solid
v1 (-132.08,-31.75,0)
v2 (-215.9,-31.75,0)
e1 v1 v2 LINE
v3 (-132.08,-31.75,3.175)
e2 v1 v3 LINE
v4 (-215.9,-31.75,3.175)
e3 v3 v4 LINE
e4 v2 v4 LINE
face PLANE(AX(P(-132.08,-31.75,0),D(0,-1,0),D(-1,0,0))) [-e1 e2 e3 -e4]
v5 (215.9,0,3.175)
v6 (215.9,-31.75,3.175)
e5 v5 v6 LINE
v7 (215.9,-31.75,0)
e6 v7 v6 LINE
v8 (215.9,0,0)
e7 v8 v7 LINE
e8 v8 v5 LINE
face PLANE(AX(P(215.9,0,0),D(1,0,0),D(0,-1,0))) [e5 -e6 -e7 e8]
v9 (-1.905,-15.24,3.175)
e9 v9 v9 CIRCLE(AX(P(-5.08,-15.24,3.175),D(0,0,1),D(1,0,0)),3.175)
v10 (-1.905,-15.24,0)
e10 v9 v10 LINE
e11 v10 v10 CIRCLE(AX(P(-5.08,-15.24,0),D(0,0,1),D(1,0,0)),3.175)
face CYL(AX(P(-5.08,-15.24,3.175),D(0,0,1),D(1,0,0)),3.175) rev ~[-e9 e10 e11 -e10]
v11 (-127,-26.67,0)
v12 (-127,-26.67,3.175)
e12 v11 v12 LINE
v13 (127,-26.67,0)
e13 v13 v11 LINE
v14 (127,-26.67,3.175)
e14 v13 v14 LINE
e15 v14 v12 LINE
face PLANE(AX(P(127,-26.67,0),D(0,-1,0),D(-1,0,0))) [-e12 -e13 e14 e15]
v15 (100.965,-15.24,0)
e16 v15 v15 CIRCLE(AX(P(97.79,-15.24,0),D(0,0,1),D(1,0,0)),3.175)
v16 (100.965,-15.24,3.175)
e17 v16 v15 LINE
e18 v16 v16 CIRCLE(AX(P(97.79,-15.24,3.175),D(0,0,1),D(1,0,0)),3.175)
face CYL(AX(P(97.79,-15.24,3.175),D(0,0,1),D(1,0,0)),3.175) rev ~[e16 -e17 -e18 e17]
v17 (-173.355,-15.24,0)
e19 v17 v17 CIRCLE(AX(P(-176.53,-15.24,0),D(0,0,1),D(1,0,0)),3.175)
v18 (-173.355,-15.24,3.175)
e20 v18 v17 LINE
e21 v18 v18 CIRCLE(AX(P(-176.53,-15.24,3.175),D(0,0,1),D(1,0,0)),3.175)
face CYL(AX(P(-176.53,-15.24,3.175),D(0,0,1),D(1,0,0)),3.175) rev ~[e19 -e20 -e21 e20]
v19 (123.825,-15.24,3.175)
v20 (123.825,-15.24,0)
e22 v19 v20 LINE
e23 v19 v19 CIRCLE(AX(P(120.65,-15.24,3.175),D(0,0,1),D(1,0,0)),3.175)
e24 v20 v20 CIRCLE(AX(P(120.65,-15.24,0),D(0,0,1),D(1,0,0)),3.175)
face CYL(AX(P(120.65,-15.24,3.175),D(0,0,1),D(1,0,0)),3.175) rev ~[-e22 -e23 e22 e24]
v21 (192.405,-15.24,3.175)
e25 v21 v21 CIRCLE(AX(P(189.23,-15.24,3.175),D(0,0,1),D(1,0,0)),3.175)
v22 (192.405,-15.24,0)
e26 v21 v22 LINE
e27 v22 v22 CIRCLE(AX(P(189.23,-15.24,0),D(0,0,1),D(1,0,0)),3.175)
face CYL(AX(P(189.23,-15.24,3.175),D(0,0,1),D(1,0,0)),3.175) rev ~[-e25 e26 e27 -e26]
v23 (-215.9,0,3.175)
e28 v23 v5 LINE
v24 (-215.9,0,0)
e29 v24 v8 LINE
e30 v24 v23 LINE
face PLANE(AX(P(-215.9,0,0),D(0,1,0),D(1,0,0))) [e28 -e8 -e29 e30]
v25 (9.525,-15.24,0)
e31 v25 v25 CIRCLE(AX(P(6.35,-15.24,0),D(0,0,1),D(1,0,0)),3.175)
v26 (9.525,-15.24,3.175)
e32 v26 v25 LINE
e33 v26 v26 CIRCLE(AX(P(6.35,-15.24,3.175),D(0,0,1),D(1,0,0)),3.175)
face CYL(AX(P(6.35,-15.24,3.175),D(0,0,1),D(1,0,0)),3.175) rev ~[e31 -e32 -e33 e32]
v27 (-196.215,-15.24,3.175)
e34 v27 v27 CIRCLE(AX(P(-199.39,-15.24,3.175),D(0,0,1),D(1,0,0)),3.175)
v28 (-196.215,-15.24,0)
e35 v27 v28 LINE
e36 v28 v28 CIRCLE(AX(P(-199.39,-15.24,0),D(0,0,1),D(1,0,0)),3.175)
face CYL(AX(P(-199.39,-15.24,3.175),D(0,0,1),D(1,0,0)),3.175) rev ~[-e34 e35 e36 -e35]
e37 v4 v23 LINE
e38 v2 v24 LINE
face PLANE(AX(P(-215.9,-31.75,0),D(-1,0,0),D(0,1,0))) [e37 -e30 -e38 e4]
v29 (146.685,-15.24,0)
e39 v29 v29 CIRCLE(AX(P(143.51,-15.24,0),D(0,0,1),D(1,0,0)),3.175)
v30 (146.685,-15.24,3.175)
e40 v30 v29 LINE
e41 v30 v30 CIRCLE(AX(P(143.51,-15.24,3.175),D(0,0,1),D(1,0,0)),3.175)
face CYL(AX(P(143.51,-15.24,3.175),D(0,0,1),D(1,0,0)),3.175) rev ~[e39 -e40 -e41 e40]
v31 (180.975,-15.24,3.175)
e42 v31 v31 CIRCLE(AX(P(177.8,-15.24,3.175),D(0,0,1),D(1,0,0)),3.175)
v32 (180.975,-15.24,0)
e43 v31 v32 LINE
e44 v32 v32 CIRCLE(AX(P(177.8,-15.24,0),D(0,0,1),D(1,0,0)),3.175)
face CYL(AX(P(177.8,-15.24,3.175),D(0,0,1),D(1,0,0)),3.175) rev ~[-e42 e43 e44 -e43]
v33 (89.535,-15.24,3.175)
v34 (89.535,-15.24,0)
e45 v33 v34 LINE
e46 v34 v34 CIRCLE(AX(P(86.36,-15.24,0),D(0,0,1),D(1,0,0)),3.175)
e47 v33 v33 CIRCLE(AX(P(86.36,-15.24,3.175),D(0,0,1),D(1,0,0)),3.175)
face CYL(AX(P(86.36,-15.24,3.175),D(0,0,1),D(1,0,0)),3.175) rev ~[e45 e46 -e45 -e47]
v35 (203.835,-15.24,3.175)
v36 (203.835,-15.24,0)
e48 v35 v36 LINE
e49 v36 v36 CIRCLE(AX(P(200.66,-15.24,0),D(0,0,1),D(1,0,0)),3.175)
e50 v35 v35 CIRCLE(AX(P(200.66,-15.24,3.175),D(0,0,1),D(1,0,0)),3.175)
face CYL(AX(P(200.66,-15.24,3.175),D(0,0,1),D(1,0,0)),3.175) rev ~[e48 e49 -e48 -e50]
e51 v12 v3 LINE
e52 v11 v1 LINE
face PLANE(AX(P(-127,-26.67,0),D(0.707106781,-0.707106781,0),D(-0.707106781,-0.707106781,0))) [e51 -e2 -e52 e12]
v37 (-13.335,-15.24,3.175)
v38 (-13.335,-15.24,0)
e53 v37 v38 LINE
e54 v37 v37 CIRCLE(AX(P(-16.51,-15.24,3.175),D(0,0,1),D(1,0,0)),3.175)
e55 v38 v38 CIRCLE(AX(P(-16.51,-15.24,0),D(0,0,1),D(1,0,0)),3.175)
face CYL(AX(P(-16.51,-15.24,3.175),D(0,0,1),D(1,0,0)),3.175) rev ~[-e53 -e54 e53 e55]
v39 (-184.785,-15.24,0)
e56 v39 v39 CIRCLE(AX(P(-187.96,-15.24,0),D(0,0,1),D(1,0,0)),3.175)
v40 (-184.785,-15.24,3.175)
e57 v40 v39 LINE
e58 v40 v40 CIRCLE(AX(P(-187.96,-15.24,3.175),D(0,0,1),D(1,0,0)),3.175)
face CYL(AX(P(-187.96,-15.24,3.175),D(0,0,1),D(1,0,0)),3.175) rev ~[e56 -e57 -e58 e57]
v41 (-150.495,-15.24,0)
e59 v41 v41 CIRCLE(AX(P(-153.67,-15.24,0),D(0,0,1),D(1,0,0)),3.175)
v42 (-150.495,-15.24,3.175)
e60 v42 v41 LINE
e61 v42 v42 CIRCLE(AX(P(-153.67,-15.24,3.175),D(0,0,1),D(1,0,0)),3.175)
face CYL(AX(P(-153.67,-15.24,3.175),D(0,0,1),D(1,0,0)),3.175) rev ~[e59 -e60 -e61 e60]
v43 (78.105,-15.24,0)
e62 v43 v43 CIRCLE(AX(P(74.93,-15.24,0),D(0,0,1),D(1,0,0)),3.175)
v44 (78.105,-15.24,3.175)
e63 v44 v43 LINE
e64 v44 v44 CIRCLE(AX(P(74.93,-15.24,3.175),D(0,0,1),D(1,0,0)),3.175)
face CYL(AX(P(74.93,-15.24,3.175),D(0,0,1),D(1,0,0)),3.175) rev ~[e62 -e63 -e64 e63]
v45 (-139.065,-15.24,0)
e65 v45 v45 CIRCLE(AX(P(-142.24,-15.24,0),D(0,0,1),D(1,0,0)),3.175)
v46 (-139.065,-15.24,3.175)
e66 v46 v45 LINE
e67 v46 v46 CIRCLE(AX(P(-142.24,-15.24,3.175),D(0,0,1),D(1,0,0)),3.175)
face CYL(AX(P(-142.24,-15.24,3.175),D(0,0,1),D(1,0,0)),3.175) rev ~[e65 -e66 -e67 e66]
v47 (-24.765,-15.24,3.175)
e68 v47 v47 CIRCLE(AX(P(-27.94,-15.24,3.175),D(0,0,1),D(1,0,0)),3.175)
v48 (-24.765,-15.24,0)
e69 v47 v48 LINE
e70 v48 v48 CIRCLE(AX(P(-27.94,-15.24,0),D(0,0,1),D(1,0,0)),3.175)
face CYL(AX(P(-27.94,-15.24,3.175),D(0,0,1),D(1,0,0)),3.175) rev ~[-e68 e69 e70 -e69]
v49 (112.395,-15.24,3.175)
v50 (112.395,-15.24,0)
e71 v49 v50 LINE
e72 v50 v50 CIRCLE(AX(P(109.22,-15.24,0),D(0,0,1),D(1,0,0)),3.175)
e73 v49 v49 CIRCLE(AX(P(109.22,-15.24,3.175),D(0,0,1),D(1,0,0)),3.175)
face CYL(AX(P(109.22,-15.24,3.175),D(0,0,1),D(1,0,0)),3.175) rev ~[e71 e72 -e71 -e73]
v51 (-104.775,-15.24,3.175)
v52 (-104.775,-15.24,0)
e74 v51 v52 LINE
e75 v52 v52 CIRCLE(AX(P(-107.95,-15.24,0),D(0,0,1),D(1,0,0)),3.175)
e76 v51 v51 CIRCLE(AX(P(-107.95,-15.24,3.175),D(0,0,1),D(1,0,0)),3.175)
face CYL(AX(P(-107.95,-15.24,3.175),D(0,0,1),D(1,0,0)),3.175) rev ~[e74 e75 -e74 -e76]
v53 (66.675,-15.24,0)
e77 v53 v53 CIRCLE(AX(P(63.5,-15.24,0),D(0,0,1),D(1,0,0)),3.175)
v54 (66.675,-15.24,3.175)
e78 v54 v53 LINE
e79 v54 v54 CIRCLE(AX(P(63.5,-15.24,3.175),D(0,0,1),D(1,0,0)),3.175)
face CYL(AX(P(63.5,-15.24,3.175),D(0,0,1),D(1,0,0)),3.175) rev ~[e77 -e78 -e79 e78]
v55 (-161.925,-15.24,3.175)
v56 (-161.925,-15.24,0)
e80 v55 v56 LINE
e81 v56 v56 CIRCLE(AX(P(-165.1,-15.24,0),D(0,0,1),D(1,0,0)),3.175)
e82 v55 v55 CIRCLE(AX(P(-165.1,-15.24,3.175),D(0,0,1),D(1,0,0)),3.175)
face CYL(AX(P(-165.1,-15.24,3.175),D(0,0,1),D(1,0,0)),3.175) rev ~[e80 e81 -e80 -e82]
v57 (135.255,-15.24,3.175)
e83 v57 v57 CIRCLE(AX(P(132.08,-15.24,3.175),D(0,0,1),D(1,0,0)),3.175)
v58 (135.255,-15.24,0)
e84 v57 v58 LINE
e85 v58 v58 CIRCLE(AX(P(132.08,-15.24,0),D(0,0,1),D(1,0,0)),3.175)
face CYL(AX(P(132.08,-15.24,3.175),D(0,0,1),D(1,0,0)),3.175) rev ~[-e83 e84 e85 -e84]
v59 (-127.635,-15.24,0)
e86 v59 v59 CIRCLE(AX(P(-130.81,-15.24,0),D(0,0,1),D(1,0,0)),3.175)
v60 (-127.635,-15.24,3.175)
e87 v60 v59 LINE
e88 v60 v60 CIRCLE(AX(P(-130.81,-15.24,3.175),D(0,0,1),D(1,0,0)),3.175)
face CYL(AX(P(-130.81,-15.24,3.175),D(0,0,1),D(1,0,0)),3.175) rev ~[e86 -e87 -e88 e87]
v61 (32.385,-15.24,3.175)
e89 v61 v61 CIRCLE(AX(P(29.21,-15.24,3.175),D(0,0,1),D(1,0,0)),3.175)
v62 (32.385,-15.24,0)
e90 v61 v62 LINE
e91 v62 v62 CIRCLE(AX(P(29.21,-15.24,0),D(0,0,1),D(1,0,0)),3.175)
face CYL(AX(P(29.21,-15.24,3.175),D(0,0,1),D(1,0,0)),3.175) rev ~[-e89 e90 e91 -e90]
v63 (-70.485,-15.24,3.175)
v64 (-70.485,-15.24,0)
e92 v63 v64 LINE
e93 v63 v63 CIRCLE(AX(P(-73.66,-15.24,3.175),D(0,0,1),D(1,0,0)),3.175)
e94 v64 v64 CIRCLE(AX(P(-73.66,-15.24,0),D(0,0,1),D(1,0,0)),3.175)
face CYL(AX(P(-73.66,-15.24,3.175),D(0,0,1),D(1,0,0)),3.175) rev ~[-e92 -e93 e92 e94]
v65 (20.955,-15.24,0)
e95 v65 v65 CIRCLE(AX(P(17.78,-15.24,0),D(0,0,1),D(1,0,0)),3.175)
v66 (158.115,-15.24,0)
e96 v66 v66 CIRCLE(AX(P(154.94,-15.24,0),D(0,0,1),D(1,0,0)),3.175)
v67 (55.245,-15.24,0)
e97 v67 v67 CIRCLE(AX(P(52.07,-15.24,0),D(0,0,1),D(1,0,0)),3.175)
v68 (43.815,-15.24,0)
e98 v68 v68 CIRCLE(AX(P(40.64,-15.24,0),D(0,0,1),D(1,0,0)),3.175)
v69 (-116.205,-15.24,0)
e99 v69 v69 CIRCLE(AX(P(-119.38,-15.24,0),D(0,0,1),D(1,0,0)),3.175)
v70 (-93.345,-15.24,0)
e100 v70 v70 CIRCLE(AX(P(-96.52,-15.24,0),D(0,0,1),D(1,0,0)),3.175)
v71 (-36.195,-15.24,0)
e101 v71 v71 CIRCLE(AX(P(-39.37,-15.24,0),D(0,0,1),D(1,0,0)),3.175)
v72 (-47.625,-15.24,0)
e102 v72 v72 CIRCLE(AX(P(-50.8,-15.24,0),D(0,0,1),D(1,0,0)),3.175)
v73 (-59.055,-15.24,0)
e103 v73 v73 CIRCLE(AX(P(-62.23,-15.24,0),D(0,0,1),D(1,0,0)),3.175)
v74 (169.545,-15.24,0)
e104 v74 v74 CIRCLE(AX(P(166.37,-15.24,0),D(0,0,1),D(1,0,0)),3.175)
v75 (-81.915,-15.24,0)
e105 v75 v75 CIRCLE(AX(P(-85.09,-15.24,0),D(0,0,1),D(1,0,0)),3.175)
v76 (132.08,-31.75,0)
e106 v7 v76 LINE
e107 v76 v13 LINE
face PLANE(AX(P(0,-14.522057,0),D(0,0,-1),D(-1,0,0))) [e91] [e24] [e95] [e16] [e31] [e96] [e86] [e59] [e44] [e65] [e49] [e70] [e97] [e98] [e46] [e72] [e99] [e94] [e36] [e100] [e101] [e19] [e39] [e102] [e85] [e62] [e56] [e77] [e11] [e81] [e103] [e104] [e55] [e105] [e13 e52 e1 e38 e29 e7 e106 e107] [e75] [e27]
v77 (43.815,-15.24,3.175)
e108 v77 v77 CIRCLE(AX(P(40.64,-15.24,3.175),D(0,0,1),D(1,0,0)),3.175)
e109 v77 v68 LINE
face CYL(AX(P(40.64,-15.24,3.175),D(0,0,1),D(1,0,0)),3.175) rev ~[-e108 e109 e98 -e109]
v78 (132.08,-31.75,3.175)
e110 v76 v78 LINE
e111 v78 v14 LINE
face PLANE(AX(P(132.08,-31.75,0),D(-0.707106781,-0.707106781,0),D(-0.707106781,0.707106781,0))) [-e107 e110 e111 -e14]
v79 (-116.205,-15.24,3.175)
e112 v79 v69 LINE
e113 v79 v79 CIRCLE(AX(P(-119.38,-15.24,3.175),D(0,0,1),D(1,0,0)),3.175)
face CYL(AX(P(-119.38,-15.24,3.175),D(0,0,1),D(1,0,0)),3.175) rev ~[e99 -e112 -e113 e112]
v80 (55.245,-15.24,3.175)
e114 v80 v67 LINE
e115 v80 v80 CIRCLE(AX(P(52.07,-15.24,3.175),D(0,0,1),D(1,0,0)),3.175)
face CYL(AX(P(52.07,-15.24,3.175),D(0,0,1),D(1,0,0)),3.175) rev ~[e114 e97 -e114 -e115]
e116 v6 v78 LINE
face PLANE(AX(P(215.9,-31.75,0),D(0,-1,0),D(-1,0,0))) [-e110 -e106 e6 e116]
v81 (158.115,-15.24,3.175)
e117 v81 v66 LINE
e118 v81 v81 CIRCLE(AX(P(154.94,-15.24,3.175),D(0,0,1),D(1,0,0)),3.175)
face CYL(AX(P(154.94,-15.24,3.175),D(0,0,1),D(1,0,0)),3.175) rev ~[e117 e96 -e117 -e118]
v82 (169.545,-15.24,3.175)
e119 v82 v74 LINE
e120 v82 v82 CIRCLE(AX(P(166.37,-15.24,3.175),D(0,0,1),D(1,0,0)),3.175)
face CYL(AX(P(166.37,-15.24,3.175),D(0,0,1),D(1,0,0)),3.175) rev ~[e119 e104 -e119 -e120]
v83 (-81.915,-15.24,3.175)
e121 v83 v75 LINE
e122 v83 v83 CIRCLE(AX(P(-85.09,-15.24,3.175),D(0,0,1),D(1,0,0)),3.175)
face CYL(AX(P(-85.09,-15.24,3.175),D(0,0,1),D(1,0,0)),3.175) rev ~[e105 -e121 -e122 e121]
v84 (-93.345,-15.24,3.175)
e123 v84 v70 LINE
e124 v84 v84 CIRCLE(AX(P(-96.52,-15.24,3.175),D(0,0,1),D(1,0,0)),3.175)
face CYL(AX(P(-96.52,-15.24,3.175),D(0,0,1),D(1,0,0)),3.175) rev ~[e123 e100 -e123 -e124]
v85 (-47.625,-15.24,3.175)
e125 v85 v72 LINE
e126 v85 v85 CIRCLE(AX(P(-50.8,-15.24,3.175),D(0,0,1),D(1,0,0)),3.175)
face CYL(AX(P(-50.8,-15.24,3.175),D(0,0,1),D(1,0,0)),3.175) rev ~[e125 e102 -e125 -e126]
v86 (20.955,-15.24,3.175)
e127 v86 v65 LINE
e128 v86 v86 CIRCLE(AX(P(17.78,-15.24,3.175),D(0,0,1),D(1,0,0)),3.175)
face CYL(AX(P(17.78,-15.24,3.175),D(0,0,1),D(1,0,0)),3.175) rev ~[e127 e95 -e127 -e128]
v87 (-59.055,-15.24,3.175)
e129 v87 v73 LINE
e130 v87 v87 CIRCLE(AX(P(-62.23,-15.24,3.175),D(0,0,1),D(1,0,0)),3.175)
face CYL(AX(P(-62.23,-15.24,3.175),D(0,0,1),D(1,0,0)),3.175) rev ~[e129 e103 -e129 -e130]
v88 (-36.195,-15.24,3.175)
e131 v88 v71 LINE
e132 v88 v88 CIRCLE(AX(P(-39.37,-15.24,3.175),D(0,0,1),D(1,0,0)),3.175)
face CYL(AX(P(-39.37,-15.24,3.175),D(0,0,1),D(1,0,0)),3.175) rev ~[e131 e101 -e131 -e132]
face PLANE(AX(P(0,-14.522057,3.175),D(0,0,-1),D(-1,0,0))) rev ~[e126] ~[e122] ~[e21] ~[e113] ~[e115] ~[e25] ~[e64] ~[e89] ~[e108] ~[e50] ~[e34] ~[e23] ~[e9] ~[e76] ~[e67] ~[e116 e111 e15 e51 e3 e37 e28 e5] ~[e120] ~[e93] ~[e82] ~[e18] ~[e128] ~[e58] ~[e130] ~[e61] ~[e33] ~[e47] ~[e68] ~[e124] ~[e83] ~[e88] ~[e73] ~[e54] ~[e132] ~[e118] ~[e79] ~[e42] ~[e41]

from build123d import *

# Parameters (mm, degrees)
BOSS_EXTRUDE1_DEPTH = 3.175
SKETCH3_R           = 3.175
CUT_EXTRUDE2_DEPTH  = 219.245167472


with BuildPart() as part:
    # Sketch1 → Boss-Extrude1 (new body)
    with BuildSketch(Plane.XY):
        Polygon((-215.9, 0), (215.9, 0), (215.9, -31.75), (132.08, -31.75), (127, -26.67), (-127, -26.67), (-132.08, -31.75), (-215.9, -31.75), align=None)
    extrude(amount=BOSS_EXTRUDE1_DEPTH)

    # Sketch3 → Cut-Extrude2 (cut, through all)
    with BuildSketch(Plane.XY.offset(3.175)):
        with Locations((-199.39, -15.24)):
            Circle(SKETCH3_R)
        with Locations((-187.96, -15.24)):
            Circle(SKETCH3_R)
        with Locations((-176.53, -15.24)):
            Circle(SKETCH3_R)
        with Locations((-165.1, -15.24)):
            Circle(SKETCH3_R)
        with Locations((-153.67, -15.24)):
            Circle(SKETCH3_R)
        with Locations((-142.24, -15.24)):
            Circle(SKETCH3_R)
        with Locations((-130.81, -15.24)):
            Circle(SKETCH3_R)
        with Locations((-119.38, -15.24)):
            Circle(SKETCH3_R)
        with Locations((-107.95, -15.24)):
            Circle(SKETCH3_R)
        with Locations((-96.52, -15.24)):
            Circle(SKETCH3_R)
        with Locations((-85.09, -15.24)):
            Circle(SKETCH3_R)
        with Locations((-73.66, -15.24)):
            Circle(SKETCH3_R)
        with Locations((-62.23, -15.24)):
            Circle(SKETCH3_R)
        with Locations((-50.8, -15.24)):
            Circle(SKETCH3_R)
        with Locations((-39.37, -15.24)):
            Circle(SKETCH3_R)
        with Locations((-27.94, -15.24)):
            Circle(SKETCH3_R)
        with Locations((-16.51, -15.24)):
            Circle(SKETCH3_R)
        with Locations((-5.08, -15.24)):
            Circle(SKETCH3_R)
        with Locations((6.35, -15.24)):
            Circle(SKETCH3_R)
        with Locations((17.78, -15.24)):
            Circle(SKETCH3_R)
        with Locations((29.21, -15.24)):
            Circle(SKETCH3_R)
        with Locations((40.64, -15.24)):
            Circle(SKETCH3_R)
        with Locations((52.07, -15.24)):
            Circle(SKETCH3_R)
        with Locations((63.5, -15.24)):
            Circle(SKETCH3_R)
        with Locations((74.93, -15.24)):
            Circle(SKETCH3_R)
        with Locations((86.36, -15.24)):
            Circle(SKETCH3_R)
        with Locations((97.79, -15.24)):
            Circle(SKETCH3_R)
        with Locations((109.22, -15.24)):
            Circle(SKETCH3_R)
        with Locations((120.65, -15.24)):
            Circle(SKETCH3_R)
        with Locations((132.08, -15.24)):
            Circle(SKETCH3_R)
        with Locations((143.51, -15.24)):
            Circle(SKETCH3_R)
        with Locations((154.94, -15.24)):
            Circle(SKETCH3_R)
        with Locations((166.37, -15.24)):
            Circle(SKETCH3_R)
        with Locations((177.8, -15.24)):
            Circle(SKETCH3_R)
        with Locations((189.23, -15.24)):
            Circle(SKETCH3_R)
        with Locations((200.66, -15.24)):
            Circle(SKETCH3_R)
    extrude(amount=-CUT_EXTRUDE2_DEPTH, mode=Mode.SUBTRACT)


solid = part.part
